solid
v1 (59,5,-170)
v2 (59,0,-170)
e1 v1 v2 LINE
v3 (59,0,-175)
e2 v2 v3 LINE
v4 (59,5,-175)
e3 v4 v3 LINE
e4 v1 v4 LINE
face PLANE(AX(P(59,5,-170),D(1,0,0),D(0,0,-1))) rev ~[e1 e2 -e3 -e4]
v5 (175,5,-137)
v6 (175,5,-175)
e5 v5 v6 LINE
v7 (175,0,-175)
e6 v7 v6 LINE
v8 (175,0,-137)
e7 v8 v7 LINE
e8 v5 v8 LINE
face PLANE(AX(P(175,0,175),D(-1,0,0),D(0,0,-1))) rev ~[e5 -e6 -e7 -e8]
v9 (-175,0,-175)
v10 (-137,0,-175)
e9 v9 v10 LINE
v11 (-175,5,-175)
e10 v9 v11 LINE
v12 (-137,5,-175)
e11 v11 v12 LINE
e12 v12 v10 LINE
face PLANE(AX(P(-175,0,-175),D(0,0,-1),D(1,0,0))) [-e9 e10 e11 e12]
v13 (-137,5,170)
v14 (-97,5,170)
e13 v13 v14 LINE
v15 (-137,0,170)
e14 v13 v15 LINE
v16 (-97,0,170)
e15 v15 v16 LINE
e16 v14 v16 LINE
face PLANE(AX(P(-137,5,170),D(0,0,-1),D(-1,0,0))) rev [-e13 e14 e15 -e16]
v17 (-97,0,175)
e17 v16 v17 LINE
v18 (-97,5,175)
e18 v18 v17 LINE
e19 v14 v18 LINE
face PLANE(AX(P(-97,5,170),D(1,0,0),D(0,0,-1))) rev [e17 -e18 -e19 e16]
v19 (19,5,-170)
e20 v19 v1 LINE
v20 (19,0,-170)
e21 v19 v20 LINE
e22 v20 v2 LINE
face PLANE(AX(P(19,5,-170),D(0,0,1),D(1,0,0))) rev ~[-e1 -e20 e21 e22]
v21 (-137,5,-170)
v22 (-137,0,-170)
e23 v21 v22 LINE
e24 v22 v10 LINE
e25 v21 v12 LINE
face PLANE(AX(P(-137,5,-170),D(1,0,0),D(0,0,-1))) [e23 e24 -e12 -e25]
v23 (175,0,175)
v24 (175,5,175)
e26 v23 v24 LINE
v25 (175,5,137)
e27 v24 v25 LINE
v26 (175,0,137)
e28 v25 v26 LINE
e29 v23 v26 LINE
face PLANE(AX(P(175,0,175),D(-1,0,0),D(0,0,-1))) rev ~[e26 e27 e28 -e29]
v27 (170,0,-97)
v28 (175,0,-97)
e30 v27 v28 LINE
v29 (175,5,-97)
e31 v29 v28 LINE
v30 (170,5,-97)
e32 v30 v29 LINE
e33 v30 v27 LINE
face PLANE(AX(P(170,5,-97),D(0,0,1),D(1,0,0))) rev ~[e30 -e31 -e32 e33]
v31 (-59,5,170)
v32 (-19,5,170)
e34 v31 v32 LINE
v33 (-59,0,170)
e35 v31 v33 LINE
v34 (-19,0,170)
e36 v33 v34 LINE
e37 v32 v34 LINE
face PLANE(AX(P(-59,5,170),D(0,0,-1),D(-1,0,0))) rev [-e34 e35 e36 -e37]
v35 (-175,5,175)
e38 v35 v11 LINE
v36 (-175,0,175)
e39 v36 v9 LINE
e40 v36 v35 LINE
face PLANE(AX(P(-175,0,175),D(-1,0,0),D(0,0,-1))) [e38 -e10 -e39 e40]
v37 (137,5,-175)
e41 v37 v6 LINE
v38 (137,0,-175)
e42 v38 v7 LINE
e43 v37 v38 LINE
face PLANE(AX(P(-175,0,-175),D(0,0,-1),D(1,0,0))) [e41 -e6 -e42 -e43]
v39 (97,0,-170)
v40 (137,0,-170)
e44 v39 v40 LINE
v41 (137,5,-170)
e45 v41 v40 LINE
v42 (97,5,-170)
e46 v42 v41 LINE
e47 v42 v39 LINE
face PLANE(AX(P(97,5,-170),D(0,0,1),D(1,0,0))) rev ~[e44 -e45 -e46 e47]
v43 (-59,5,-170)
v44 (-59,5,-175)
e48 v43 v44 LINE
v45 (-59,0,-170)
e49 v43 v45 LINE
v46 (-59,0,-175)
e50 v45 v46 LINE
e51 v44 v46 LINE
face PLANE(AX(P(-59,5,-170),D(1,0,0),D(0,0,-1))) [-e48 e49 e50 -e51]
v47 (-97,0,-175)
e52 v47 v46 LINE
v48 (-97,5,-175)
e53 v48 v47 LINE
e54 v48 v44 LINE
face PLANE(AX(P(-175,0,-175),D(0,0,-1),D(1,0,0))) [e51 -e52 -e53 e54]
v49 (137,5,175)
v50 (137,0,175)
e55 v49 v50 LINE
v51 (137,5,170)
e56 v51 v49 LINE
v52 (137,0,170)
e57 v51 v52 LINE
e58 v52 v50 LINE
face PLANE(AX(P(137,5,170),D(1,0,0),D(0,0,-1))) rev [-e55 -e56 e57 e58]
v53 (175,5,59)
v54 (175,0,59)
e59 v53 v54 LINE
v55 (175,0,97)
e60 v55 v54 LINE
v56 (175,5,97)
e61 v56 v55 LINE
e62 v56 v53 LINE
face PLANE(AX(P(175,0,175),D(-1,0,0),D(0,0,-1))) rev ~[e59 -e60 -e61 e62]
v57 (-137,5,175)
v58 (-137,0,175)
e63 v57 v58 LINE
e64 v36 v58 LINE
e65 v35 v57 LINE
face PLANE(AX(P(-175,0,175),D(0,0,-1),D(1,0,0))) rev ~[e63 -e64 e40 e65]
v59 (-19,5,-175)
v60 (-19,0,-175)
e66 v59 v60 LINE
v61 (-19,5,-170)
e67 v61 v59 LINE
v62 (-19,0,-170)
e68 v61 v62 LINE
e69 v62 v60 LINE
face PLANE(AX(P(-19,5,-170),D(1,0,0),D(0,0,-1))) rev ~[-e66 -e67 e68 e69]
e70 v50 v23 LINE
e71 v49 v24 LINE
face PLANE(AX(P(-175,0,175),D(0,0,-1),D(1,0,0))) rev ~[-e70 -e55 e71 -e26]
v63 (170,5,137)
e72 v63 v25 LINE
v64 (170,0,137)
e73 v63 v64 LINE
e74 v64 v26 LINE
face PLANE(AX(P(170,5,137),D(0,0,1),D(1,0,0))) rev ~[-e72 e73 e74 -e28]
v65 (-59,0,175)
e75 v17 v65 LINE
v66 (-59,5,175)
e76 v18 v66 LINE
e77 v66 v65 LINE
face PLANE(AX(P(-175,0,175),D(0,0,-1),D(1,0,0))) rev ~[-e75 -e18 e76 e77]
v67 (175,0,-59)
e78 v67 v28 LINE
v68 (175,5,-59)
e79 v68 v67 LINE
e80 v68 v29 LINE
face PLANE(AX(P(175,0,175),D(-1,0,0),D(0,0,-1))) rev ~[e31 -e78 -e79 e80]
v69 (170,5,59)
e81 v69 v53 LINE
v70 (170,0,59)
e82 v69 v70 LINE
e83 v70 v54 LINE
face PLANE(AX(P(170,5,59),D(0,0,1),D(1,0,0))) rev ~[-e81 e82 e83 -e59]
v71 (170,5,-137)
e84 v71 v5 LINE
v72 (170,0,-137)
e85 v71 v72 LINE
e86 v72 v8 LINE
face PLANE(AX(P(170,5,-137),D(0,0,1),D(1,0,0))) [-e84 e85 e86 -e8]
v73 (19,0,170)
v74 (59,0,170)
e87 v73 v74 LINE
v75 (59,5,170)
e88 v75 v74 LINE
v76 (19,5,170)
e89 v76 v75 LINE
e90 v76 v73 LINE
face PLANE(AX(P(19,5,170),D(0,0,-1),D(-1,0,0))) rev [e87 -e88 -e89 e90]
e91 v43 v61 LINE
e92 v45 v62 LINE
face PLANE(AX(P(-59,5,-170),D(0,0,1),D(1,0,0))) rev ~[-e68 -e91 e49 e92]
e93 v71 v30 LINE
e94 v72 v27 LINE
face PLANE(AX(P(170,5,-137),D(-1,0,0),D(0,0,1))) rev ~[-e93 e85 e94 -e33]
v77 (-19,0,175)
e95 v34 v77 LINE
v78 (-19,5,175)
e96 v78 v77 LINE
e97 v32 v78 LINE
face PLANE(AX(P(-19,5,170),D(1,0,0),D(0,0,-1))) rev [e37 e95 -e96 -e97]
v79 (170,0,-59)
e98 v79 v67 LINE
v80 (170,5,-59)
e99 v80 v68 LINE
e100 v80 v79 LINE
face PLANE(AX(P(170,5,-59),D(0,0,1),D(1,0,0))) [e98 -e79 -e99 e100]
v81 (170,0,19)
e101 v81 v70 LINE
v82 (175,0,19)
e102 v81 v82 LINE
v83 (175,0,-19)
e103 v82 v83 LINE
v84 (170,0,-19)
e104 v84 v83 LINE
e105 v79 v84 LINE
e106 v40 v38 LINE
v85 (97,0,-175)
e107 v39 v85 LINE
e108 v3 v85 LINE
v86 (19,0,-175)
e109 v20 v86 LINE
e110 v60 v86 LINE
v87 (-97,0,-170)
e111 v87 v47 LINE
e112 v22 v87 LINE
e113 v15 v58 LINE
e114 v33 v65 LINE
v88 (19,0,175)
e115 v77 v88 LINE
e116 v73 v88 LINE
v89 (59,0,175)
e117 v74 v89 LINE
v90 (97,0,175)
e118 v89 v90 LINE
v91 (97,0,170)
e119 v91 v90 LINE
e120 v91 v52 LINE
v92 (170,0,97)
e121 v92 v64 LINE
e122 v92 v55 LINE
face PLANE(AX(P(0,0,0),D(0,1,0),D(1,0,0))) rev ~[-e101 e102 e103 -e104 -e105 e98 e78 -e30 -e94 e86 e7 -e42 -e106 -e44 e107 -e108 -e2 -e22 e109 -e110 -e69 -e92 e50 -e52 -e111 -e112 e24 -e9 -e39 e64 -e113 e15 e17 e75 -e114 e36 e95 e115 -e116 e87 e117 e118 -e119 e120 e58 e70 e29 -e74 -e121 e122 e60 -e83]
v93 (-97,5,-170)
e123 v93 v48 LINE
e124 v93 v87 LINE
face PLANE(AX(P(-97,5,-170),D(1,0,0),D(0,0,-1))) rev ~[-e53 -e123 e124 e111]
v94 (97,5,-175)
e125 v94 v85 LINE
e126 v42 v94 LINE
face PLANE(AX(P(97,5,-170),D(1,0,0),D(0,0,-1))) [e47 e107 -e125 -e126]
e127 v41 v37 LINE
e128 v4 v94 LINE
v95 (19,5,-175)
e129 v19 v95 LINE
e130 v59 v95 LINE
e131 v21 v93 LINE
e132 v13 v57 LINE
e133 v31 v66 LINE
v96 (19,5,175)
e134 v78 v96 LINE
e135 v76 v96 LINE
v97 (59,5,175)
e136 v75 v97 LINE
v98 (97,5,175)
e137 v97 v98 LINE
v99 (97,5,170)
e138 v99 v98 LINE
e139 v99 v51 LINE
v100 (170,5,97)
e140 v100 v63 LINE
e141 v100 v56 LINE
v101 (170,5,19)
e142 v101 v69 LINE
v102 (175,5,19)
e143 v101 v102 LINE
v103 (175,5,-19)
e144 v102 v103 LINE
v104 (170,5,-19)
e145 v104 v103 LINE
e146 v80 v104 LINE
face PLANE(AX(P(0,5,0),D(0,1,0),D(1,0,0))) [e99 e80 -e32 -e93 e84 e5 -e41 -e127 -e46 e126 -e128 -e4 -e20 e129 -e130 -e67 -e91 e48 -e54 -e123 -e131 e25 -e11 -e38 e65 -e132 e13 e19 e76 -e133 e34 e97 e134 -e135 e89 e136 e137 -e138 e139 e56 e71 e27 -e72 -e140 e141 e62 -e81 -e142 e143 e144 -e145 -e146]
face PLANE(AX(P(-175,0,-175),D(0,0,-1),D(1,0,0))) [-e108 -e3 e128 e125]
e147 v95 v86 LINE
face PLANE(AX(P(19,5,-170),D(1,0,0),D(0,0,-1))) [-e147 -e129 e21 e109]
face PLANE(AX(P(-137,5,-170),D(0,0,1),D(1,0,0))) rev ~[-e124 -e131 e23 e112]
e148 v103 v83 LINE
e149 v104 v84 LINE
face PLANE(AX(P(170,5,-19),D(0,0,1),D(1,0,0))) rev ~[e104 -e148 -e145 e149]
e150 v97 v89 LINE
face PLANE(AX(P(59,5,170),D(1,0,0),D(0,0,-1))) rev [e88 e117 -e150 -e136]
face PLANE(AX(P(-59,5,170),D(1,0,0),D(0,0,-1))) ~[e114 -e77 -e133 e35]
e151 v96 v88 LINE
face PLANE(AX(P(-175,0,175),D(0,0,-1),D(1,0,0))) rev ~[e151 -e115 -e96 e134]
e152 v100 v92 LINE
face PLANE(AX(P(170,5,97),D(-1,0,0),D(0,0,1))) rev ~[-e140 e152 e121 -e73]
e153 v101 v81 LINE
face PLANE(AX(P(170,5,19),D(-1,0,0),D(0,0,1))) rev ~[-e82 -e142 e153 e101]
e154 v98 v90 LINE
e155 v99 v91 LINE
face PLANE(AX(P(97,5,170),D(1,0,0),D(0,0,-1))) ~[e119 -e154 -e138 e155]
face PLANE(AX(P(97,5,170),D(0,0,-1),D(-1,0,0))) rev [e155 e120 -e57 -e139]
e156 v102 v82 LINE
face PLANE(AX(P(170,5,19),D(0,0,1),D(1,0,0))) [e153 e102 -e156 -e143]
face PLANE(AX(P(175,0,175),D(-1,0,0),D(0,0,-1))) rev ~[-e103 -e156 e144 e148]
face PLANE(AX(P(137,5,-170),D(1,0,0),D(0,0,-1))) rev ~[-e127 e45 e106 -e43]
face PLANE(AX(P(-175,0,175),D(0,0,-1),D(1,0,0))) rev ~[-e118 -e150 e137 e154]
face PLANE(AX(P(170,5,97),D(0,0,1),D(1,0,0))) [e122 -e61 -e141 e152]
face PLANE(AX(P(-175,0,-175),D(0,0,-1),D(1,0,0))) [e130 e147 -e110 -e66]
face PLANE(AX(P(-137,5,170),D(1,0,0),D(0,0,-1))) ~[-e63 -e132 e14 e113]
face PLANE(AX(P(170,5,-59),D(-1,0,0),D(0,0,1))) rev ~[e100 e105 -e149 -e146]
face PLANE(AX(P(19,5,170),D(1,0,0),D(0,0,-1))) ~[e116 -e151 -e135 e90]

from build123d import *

# Parameters (mm, degrees)
SKIZZE1_W                       = 350
SKIZZE1_H                       = 350
GRUNDPLATTE_DEPTH               = 5
SKIZZE2_W                       = 40
SKIZZE2_H                       = 5
SCHNITT_LINEAR_AUSTRAGEN1_DEPTH = 6
KREISMUSTER1_COUNT              = 2
KREISMUSTER1_ANGLE              = 90


with BuildPart() as part:
    # Skizze1 → Grundplatte (new body)
    with BuildSketch(Plane(origin=(0, 0, 0), x_dir=(1, 0, 0), z_dir=(0, 1, 0))):
        Rectangle(SKIZZE1_W, SKIZZE1_H)
    extrude(amount=GRUNDPLATTE_DEPTH)

    # Skizze2 → Schnitt-Linear austragen1 (cut, through all)
    with BuildSketch(Plane(origin=(0, 5, 0), x_dir=(1, 0, 0), z_dir=(0, 1, 0))):
        with Locations((-117, 172.5)):
            Rectangle(SKIZZE2_W, SKIZZE2_H)
        with Locations((-39, 172.5)):
            Rectangle(SKIZZE2_W, SKIZZE2_H)
        with Locations((39, 172.5)):
            Rectangle(SKIZZE2_W, SKIZZE2_H)
        with Locations((117, 172.5)):
            Rectangle(SKIZZE2_W, SKIZZE2_H)
    schnitt_linear_austragen1 = extrude(amount=-SCHNITT_LINEAR_AUSTRAGEN1_DEPTH, mode=Mode.SUBTRACT)

    # Spiegeln1: Schnitt-Linear austragen1 across plane
    add(schnitt_linear_austragen1.mirror(Plane.XY), mode=Mode.SUBTRACT)

    # Kreismuster1: Schnitt-Linear austragen1 ×2 about axis
    kreismuster1_axis = Axis((0, 0, 0), (0, -1, 0))
    for i in range(1, KREISMUSTER1_COUNT):
        add(schnitt_linear_austragen1.rotate(kreismuster1_axis, i * KREISMUSTER1_ANGLE / (KREISMUSTER1_COUNT - 1)), mode=Mode.SUBTRACT)


solid = part.part
